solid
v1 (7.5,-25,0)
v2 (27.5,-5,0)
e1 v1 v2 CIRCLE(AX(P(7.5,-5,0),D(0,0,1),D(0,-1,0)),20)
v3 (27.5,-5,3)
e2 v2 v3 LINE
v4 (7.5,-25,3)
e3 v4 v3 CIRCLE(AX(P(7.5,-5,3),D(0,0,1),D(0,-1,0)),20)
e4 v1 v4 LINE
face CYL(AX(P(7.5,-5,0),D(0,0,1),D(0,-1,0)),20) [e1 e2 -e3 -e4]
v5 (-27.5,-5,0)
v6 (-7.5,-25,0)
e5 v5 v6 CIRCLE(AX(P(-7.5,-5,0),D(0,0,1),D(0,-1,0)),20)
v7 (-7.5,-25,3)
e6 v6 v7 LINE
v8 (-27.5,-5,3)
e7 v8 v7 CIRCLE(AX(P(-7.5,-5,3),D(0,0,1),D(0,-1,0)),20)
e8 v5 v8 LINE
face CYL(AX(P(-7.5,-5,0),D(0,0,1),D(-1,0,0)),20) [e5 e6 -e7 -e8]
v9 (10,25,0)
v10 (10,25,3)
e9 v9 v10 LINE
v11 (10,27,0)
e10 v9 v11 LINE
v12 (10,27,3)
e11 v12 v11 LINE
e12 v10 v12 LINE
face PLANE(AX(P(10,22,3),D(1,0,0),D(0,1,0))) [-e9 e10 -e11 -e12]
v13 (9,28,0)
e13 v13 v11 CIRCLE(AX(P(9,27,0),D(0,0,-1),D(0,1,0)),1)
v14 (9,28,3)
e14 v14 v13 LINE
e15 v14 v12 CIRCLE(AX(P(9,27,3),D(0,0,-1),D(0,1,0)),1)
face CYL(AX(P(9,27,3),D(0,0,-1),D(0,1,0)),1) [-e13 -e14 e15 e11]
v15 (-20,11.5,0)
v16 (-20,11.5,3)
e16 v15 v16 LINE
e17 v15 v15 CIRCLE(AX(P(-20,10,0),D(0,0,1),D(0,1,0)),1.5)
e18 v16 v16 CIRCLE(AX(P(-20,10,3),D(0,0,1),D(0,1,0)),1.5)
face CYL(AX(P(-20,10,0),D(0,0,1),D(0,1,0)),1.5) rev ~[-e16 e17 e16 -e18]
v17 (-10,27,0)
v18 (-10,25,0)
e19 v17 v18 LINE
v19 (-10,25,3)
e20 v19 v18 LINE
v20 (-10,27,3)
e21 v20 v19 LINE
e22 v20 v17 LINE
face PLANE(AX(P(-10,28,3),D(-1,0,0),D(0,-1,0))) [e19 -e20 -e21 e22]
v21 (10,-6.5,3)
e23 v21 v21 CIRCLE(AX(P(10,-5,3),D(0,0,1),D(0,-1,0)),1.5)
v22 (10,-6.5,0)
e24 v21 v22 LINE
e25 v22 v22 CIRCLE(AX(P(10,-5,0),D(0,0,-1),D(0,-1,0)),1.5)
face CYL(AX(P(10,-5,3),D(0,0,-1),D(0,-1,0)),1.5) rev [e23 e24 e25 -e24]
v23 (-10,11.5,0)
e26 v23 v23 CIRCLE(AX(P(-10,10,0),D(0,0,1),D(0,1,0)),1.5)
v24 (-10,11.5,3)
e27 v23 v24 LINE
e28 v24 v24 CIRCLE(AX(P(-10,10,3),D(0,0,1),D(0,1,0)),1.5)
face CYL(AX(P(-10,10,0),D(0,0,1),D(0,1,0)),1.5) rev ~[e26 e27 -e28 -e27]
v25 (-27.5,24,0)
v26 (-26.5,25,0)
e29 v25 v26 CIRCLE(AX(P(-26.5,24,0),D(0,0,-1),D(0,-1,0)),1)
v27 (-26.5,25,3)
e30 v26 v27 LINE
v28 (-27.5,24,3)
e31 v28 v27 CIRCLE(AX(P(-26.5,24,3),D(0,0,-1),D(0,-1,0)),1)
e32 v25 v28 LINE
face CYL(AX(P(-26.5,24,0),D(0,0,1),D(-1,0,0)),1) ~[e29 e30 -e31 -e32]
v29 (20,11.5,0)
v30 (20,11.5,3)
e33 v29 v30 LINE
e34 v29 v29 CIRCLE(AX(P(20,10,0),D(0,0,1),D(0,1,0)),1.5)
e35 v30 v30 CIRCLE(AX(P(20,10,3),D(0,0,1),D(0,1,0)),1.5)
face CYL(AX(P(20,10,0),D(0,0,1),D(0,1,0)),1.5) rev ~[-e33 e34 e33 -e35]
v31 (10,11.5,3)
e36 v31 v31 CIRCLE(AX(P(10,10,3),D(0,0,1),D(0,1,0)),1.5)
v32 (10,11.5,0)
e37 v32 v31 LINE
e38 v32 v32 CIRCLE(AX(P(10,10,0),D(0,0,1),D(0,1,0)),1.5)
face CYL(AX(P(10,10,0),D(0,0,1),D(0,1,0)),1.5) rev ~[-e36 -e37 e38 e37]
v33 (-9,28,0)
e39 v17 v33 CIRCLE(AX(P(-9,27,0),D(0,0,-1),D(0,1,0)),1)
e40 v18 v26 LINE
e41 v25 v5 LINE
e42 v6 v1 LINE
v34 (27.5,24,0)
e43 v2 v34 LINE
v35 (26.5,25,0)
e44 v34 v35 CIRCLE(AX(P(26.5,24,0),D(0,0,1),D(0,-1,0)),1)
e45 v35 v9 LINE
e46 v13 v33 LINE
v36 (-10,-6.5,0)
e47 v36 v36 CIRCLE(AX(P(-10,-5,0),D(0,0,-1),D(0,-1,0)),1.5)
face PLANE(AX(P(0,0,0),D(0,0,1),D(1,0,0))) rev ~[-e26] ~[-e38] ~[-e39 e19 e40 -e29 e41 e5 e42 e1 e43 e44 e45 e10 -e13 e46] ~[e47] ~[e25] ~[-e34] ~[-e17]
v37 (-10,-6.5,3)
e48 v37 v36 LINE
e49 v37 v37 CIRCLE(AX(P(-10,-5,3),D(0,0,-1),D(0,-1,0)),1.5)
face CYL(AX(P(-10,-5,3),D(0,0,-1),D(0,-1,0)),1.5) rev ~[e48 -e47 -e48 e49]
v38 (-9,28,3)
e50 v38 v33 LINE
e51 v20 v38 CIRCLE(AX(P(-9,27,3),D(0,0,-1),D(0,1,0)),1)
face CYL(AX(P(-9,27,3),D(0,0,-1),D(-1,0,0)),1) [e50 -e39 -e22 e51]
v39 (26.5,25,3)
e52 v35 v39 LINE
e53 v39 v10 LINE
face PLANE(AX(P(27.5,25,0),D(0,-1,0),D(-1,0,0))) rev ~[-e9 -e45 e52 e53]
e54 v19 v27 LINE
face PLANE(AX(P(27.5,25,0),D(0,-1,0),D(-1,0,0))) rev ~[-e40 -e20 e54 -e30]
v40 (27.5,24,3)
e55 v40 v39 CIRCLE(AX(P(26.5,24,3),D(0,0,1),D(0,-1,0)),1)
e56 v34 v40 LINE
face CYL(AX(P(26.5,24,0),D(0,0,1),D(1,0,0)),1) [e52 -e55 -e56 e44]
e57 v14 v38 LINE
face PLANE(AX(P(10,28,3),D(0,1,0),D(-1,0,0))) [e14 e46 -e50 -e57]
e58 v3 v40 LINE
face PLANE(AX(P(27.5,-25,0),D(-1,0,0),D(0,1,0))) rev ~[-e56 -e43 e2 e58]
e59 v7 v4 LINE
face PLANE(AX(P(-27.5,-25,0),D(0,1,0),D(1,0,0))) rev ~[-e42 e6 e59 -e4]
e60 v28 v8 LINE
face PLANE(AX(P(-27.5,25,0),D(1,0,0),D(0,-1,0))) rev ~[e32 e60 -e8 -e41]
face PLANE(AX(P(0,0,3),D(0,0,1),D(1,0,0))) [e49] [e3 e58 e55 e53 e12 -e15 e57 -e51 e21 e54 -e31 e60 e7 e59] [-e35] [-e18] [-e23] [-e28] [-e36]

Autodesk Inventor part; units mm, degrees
ref_plane "YZ Plane" through (0, 0, 0) normal (1, 0, 0) x (0, 1, 0)
ref_plane "XZ Plane" through (0, 0, 0) normal (0, 1, 0) x (-1, 0, 0)
ref_plane "XY Plane" through (0, 0, 0) normal (0, 0, 1) x (1, 0, 0)
sketch "Boceto1" plane through (0, 0, 0) normal (0, 0, 1) x (1, 0, 0)
  line L0 (-27.5, -25) -> (27.5, -25)
  line L1 (27.5, -25) -> (27.5, 25)
  line L2 (27.5, 25) -> (-27.5, 25)
  line L3 (-27.5, 25) -> (-27.5, -25)
  line L4 (-27.5, -25) -> (27.5, 25) construction
  line L5 (27.5, -25) -> (-27.5, 25) construction
  point P0 (0, 0)
  dimension "d0" = 55
  dimension "d1" = 50
extrude "Extrusión1" add sketch "Boceto1" along normal blind 3
sketch "Boceto2" plane through (0, 0, 3) normal (0, 0, 1) x (1, 0, 0)
  line L0 (-10, 22) -> (10, 22)
  line L1 (10, 22) -> (10, 28)
  line L2 (10, 28) -> (-10, 28)
  line L3 (-10, 28) -> (-10, 22)
  line L4 (27.5, 25) -> (-27.5, 25) construction
  line L5 (-10, 22) -> (10, 28) construction
  line L6 (10, 22) -> (-10, 28) construction
  point P0 (0, 0)
  point P1 (0, 25)
  dimension "d4" = 20
  dimension "d5" = 6
extrude "Extrusión2" add sketch "Boceto2" against normal up to surface (3 mm away)
fillet "Empalme1" radius 1 4 edges at (-27.5, 25, 1.5) (27.5, 25, 1.5) (10, 28, 1.5) (-10, 28, 1.5)
sketch "Boceto3" plane through (0, 0, 0) normal (0, 0, -1) x (-1, 0, 0)
  circle A0 centre (20, 10) radius 1.6 construction
  circle A1 centre (10, 10) radius 1.6 construction
  circle A2 centre (-10, 10) radius 1.6 construction
  circle A3 centre (-20, 10) radius 1.6 construction
  point P0 (0, 0)
hole "Agujero1" at (20, 10, 0) at (10, 10, 0) at (-10, 10, 0) at (-20, 10, 0) direction (0, 0, 1) diameter 3 end through all
sketch "Boceto4" plane through (0, 0, 3) normal (0, 0, 1) x (1, 0, 0)
  line L0 (-27.5, -25) -> (27.5, -25) construction
  line L1 (-27.5, 24) -> (-27.5, -25) construction
  line L2 (0, -35.6) -> (0, 38.6) construction
  line L3 (-10, 25) -> (-26.5, 25) construction
  point P0 (0, 0)
  point P1 (-10, -5)
  point P2 (-26.5, -25)
  point P3 (26.5, -25)
  point P4 (-27.5, -24)
  dimension "d18" = 10
  dimension "d26" = 30
hole "Agujero2" at (-10, -5, 3) direction (0, 0, -1) diameter 3 end through all
mirror "Simetría1" about plane through (0, 0, 0) normal (1, 0, 0) of "Agujero2"
fillet "Empalme2" radius 20 2 edges at (-27.5, -25, 1.5) (27.5, -25, 1.5)
properties part number "PlacaBaseGarraSTD"
